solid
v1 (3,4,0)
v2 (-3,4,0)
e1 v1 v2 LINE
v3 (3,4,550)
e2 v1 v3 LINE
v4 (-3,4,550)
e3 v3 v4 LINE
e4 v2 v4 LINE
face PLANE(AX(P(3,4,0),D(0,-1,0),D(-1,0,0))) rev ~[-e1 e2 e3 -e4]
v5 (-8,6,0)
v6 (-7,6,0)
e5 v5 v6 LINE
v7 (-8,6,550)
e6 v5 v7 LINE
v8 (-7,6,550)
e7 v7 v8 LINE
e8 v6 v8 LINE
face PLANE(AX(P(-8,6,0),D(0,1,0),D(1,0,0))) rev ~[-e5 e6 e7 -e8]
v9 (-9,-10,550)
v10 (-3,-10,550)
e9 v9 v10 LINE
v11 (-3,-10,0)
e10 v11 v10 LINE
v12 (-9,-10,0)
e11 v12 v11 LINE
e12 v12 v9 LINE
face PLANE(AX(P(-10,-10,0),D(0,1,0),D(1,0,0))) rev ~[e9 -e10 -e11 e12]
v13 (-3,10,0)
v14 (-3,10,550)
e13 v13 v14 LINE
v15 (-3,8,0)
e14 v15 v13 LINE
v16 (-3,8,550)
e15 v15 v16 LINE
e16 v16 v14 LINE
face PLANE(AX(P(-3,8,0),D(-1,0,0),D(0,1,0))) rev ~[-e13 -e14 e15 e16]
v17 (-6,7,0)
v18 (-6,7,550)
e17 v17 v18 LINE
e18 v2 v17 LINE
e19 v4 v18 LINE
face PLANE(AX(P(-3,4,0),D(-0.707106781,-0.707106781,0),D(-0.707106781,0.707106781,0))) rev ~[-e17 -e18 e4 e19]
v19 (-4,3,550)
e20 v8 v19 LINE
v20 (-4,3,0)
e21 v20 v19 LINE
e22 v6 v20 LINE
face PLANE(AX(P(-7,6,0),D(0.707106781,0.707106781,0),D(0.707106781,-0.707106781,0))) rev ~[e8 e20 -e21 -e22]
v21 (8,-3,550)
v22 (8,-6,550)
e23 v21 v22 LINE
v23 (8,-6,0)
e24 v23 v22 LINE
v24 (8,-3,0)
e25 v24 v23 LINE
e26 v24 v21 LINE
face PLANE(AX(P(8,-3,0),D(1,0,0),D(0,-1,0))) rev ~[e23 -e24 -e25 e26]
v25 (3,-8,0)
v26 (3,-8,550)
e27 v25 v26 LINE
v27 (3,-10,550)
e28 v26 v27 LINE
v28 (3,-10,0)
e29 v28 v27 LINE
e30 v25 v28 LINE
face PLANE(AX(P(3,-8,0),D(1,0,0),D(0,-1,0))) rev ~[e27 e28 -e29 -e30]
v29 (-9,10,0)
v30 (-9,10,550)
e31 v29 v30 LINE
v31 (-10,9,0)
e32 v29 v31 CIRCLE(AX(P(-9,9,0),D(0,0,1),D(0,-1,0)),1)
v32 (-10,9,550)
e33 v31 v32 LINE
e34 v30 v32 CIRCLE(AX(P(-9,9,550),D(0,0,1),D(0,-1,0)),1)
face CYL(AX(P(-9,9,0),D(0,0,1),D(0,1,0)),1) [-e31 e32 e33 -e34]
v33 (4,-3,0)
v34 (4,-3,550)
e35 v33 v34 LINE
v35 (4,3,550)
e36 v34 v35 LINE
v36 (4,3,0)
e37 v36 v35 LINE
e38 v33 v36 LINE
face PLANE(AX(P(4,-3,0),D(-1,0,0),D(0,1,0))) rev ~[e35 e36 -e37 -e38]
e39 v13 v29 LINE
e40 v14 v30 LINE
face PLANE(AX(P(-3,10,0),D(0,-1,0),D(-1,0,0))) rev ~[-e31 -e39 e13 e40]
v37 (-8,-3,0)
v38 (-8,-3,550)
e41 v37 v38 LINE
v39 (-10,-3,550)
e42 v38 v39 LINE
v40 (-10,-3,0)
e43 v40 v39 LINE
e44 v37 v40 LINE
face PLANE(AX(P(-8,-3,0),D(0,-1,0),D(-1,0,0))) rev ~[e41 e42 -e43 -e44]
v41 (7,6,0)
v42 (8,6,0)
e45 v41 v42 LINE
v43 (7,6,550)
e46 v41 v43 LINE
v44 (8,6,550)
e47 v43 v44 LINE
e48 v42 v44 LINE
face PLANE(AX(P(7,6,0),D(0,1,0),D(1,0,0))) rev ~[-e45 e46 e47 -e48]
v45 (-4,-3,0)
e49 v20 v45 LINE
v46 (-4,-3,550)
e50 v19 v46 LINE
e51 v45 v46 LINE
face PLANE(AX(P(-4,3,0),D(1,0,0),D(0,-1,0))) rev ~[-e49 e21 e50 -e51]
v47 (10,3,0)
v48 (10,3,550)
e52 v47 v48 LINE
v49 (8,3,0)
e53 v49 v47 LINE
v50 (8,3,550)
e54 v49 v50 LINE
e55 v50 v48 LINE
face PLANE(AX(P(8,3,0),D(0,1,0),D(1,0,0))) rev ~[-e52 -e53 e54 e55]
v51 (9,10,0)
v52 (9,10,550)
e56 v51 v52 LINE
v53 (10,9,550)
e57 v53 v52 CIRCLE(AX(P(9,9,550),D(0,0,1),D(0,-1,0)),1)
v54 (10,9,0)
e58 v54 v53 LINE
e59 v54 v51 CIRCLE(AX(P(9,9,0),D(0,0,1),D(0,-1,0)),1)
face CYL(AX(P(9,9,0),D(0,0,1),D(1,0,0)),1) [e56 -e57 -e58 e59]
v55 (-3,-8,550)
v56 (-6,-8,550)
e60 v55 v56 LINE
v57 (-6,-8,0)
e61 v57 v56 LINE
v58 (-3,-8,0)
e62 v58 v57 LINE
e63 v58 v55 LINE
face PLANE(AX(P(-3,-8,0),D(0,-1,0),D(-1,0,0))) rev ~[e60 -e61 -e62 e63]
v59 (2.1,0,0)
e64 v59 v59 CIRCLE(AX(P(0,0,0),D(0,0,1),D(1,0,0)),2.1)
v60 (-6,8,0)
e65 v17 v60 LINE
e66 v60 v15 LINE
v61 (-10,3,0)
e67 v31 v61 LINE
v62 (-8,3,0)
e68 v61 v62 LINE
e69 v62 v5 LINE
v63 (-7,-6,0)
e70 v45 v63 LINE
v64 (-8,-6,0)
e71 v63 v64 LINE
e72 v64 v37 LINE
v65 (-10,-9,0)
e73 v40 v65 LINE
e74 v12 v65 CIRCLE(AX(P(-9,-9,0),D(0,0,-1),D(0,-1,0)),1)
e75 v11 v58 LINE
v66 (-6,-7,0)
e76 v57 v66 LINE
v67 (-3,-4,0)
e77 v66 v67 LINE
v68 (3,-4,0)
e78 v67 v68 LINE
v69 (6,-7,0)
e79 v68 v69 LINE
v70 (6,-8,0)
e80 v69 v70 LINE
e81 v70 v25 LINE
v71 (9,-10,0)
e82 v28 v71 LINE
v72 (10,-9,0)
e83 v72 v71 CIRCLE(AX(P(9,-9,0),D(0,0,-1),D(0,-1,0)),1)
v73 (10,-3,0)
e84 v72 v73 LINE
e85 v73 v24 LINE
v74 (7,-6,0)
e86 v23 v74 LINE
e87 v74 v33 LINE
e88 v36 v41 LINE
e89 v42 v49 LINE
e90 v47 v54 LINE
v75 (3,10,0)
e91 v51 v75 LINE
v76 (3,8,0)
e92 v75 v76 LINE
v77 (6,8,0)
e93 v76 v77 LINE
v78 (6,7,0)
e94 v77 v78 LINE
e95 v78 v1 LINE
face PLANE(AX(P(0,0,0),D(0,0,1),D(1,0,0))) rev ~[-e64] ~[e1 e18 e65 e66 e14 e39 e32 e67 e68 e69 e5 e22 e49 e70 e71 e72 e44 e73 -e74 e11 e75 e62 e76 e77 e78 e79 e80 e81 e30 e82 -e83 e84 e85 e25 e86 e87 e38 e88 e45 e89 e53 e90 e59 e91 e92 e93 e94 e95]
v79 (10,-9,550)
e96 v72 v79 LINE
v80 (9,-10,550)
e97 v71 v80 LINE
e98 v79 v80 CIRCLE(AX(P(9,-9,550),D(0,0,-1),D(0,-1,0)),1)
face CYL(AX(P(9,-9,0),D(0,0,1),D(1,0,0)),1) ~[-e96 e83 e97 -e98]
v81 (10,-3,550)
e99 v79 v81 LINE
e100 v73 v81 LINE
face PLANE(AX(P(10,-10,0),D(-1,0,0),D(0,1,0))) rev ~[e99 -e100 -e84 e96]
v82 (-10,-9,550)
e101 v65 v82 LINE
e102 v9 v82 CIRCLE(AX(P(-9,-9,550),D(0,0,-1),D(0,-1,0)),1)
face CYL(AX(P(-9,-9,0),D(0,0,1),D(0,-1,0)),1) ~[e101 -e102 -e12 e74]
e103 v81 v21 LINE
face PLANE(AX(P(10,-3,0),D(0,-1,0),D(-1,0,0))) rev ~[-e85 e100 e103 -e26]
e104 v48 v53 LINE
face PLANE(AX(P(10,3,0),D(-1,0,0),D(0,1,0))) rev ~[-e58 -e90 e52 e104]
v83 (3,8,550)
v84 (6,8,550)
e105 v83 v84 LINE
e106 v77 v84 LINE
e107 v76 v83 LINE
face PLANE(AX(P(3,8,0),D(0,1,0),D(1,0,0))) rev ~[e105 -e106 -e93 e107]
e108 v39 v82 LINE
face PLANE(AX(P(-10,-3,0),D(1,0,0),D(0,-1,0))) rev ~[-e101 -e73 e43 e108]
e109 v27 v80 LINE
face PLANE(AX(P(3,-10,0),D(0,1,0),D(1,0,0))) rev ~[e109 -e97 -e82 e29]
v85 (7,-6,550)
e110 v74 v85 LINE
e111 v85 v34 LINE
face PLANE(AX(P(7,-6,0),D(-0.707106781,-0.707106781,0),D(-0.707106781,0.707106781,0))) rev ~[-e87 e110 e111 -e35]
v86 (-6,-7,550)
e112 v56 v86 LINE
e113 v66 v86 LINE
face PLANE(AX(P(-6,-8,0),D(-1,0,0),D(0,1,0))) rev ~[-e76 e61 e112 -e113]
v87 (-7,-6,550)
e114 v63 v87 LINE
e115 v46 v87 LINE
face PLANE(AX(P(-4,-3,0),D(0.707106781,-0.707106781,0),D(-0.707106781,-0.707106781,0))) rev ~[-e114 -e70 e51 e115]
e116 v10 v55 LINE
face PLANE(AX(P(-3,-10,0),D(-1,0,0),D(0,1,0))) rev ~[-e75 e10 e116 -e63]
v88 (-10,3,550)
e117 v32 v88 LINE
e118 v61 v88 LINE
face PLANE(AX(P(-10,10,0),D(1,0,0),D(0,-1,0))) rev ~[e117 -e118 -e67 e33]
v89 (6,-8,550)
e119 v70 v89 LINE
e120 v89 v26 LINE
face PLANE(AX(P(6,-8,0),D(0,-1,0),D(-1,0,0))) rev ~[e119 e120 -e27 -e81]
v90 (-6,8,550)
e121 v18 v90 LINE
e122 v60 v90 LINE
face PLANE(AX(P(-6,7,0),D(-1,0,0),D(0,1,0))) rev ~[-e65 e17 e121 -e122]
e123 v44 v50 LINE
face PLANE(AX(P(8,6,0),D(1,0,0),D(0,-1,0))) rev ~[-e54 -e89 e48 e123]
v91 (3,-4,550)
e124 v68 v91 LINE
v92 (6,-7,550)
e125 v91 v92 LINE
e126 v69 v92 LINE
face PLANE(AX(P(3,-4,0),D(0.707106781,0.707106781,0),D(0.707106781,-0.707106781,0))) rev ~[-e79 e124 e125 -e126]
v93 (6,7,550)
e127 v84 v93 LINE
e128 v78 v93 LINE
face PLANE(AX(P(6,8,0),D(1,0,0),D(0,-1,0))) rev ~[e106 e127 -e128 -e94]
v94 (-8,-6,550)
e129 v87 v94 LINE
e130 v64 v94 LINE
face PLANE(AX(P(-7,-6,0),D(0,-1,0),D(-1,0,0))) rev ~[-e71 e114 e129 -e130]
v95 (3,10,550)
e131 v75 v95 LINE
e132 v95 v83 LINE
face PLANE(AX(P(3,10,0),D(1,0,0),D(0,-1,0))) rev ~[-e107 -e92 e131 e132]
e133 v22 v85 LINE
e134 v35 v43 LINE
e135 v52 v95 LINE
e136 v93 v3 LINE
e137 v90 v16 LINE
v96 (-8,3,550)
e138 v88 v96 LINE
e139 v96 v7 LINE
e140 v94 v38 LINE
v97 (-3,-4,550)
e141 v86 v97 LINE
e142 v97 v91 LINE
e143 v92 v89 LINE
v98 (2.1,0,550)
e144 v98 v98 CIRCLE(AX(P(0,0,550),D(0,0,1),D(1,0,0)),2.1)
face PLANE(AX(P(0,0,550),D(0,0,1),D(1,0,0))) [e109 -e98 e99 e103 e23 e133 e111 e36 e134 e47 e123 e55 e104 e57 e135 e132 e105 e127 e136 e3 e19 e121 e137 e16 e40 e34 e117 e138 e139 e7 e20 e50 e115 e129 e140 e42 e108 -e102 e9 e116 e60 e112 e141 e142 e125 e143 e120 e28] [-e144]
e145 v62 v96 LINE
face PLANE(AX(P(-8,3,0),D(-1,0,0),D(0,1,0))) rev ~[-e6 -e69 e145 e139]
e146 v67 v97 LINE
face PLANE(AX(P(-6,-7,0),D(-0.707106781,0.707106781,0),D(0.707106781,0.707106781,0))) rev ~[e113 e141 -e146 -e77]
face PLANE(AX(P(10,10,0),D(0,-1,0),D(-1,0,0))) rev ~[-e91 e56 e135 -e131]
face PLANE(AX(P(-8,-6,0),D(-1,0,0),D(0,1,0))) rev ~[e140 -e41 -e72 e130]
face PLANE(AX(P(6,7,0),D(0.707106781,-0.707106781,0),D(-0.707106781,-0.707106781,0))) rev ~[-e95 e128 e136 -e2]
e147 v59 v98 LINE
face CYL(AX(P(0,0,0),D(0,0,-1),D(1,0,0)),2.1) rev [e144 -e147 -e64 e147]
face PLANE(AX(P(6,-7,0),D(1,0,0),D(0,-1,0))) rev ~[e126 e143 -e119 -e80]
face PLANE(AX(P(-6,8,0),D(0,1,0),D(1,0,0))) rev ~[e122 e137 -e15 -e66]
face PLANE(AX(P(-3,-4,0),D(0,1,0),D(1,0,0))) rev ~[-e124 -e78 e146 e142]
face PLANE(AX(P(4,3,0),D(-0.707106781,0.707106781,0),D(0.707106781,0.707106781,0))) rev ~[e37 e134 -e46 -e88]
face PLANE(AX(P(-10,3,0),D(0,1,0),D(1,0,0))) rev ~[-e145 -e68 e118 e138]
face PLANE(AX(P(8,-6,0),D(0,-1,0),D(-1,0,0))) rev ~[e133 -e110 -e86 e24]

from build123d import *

# Parameters (mm, degrees)
SCHIZZO1_R                   = 2.1
ESTRUSIONE_ESTRUSIONE1_DEPTH = 550
RACCORDO1_R                  = 1


with BuildPart() as part:
    # Schizzo1 → Estrusione-Estrusione1 (new body)
    with BuildSketch(Plane.XY):
        Polygon((10, 3), (10, 10), (3, 10), (3, 8), (6, 8), (6, 7), (3, 4), (-3, 4), (-6, 7), (-6, 8), (-3, 8), (-3, 10), (-10, 10), (-10, 3), (-8, 3), (-8, 6), (-7, 6), (-4, 3), (-4, -3), (-7, -6), (-8, -6), (-8, -3), (-10, -3), (-10, -10), (-3, -10), (-3, -8), (-6, -8), (-6, -7), (-3, -4), (3, -4), (6, -7), (6, -8), (3, -8), (3, -10), (10, -10), (10, -3), (8, -3), (8, -6), (7, -6), (4, -3), (4, 3), (7, 6), (8, 6), (8, 3), align=None)
        Circle(SCHIZZO1_R, mode=Mode.SUBTRACT)
    extrude(amount=ESTRUSIONE_ESTRUSIONE1_DEPTH)

    # Raccordo1
    raccordo1_edges = [part.edges().sort_by_distance(p)[0] for p in [
        (-10, 10, 275),
        (10, 10, 275),
        (10, -10, 275),
        (-10, -10, 275),
    ]]
    fillet(raccordo1_edges, radius=RACCORDO1_R)


solid = part.part
